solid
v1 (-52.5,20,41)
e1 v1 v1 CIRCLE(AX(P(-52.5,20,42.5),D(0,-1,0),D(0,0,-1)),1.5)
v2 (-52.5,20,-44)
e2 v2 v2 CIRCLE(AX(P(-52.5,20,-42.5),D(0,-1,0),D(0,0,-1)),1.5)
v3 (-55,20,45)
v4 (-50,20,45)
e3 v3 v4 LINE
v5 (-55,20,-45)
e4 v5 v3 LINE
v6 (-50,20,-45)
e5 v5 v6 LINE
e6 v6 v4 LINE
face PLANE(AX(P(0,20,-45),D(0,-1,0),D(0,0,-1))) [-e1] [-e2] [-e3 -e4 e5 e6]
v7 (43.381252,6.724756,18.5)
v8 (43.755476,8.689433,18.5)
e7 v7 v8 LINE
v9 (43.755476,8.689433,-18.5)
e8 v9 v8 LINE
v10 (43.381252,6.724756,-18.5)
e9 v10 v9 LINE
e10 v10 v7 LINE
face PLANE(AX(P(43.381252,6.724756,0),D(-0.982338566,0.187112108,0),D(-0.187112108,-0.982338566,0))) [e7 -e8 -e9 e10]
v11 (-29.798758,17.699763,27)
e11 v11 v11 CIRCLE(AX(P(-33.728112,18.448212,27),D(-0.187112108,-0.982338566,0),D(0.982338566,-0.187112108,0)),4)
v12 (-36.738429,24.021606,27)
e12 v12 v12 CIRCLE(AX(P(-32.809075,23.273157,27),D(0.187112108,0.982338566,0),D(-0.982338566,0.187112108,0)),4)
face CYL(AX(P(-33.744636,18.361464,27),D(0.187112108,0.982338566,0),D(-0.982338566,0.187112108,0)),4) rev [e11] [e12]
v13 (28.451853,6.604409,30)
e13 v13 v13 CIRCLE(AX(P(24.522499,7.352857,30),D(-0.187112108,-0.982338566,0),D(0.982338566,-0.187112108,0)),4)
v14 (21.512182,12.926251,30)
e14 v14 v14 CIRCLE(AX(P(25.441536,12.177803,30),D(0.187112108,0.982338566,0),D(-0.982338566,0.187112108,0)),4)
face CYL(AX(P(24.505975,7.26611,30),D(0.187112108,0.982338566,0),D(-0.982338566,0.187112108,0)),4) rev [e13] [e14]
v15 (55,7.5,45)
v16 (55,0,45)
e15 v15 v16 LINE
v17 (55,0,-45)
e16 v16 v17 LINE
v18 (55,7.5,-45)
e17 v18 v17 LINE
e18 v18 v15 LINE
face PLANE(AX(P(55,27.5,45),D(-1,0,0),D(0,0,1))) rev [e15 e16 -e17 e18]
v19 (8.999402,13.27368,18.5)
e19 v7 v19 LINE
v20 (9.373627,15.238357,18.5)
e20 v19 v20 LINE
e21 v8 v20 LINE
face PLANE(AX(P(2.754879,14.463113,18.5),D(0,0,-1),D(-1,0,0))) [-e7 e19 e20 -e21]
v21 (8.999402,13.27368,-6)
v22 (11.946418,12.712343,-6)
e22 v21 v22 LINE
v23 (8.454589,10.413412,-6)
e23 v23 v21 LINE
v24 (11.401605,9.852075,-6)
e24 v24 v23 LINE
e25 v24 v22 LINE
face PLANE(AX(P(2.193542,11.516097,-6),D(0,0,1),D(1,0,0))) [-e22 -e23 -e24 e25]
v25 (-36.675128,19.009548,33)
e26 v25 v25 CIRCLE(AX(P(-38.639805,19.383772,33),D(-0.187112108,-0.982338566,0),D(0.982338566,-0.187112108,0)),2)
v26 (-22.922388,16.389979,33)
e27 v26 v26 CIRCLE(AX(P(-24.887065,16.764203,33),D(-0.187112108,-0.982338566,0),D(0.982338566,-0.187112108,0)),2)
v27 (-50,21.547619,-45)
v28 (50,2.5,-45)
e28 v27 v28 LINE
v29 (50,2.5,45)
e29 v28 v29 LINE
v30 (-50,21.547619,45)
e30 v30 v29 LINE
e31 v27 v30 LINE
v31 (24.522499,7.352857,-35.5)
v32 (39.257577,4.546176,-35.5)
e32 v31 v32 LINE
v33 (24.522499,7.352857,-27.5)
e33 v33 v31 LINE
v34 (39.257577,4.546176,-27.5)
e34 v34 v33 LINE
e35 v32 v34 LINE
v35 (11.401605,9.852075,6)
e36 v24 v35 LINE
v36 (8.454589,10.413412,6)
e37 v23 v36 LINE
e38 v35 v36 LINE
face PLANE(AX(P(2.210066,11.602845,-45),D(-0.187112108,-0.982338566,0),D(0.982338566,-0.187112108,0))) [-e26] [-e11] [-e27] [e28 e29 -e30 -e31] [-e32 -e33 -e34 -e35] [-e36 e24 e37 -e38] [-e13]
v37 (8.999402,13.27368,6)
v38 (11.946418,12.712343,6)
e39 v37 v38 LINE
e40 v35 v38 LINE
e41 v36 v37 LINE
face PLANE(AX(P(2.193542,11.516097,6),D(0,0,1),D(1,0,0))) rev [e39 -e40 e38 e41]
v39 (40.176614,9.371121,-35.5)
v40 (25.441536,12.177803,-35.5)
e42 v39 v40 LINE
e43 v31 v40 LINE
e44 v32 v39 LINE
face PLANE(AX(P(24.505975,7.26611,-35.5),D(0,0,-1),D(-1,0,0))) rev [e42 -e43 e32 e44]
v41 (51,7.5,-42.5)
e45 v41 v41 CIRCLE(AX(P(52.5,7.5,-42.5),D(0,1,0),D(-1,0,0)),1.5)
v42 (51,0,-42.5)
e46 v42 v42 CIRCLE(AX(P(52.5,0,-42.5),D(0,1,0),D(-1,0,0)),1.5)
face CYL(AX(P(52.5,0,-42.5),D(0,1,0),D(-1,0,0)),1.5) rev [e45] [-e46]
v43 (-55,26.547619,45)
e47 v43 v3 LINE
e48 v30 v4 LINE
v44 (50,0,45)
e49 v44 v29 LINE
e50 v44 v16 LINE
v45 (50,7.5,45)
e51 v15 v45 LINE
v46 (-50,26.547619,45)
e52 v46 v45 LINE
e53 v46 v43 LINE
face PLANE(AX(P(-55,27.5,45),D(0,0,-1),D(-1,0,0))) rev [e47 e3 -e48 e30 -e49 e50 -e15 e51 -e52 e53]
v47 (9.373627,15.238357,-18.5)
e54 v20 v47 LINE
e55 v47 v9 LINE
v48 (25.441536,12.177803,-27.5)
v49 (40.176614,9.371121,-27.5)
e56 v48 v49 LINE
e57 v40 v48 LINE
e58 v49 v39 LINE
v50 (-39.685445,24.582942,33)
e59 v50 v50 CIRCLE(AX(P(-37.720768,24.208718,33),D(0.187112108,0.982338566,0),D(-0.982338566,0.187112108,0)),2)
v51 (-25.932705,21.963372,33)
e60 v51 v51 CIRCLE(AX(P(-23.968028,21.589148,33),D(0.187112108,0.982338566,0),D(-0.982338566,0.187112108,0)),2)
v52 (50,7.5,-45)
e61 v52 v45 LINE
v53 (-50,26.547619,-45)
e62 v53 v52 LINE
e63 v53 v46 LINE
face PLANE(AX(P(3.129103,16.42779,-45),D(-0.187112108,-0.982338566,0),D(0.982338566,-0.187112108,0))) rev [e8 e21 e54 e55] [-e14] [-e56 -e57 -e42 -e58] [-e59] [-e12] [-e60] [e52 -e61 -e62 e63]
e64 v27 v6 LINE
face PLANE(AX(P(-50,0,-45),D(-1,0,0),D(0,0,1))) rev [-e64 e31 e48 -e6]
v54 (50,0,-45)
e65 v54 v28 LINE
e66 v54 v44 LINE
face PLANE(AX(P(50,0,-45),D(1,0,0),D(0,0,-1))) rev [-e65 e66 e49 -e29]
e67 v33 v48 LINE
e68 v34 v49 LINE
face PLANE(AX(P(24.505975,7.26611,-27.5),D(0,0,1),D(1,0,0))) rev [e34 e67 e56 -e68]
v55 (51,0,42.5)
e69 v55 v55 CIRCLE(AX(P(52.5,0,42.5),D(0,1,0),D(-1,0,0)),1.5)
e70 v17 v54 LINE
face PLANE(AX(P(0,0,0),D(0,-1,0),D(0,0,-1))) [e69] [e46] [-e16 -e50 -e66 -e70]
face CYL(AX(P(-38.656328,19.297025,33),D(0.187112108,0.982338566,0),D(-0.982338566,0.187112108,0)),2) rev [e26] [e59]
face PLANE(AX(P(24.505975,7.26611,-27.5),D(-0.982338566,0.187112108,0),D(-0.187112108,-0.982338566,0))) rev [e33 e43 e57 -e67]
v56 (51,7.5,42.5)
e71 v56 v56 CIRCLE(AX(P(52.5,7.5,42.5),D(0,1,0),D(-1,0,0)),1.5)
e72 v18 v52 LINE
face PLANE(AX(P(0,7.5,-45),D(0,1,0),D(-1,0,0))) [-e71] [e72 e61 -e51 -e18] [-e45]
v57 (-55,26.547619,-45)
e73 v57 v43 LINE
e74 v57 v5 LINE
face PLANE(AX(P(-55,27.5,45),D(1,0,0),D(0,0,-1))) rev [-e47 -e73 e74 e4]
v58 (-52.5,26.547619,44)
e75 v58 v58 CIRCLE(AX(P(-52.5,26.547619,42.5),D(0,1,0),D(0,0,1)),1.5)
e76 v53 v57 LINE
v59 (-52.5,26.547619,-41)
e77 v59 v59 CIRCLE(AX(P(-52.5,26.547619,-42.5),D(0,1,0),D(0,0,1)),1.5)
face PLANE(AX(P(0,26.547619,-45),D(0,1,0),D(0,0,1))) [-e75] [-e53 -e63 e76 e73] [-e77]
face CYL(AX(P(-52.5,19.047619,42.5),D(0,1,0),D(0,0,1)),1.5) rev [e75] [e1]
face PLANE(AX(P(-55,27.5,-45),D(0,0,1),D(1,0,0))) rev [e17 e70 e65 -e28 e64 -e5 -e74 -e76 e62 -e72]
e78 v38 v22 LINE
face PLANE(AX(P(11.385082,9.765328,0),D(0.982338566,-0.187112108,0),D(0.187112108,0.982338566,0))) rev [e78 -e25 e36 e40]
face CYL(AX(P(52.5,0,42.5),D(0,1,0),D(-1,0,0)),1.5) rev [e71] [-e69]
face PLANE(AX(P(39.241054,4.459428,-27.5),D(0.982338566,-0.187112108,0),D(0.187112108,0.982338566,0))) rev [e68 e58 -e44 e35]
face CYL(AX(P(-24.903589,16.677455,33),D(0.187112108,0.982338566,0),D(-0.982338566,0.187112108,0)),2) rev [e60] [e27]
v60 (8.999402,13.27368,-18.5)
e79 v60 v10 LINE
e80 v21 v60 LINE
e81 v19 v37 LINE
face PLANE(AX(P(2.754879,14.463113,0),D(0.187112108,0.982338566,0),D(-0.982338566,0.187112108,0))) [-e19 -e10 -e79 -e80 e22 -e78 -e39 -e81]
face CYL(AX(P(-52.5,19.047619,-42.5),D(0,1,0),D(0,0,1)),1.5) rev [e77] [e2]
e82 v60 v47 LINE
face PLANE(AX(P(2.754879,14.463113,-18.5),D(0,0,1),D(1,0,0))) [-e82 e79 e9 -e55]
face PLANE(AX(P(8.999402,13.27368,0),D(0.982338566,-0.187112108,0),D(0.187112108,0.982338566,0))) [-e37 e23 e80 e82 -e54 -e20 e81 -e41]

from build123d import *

# Parameters (mm, degrees)
SKETCH1_W           = 110
SKETCH1_H           = 90
BOSS_EXTRUDE2_DEPTH = 27.5
CUT_EXTRUDE5_DEPTH  = 90
SKETCH5_R           = 1.5
CUT_EXTRUDE7_DEPTH  = 7.5
SKETCH7_R           = 1.5
CUT_EXTRUDE9_DEPTH  = 7.5
SKETCH9_R           = 1.5
CUT_EXTRUDE11_DEPTH = 7.5
SKETCH12_R          = 1.5
CUT_EXTRUDE14_DEPTH = 7.5
CUT_EXTRUDE22_DEPTH = 2
SKETCH18_5_W        = 3
SKETCH18_5_H        = 12
CUT_EXTRUDE23_DEPTH = 5
SKETCH23_R          = 2
SKETCH23_R_2        = 4
CUT_EXTRUDE24_DEPTH = 5
SKETCH24_R          = 4
CUT_EXTRUDE25_DEPTH = 5
SKETCH25_W          = 15
SKETCH25_H          = 8
CUT_EXTRUDE26_DEPTH = 5


with BuildPart() as part:
    # Sketch1 → Boss-Extrude2 (new body)
    with BuildSketch(Plane(origin=(0, 0, 0), x_dir=(1, 0, 0), z_dir=(0, 1, 0))):
        Rectangle(SKETCH1_W, SKETCH1_H)
    extrude(amount=BOSS_EXTRUDE2_DEPTH)

    # Sketch4 → Cut-Extrude5 (cut)
    with BuildSketch(Plane.XY.offset(45)):
        Polygon((-55, 27.5), (-55, 26.547619048), (-50, 26.547619048), (50, 7.5), (55, 7.5), (55, 27.5), align=None)
        Polygon((50, 2.5), (-50, 21.547619048), (-50, 20), (-55, 20), (-55, 0), (50, 0), align=None)
    extrude(amount=-CUT_EXTRUDE5_DEPTH, mode=Mode.SUBTRACT)

    # Sketch5 → Cut-Extrude7 (cut)
    with BuildSketch(Plane(origin=(0, 7.5, 0), x_dir=(1, 0, 0), z_dir=(0, 1, 0))):
        with Locations((52.5, 42.5)):
            Circle(SKETCH5_R)
    extrude(amount=-CUT_EXTRUDE7_DEPTH, mode=Mode.SUBTRACT)

    # Sketch7 → Cut-Extrude9 (cut)
    with BuildSketch(Plane(origin=(0, 7.5, 0), x_dir=(1, 0, 0), z_dir=(0, 1, 0))):
        with Locations((52.5, -42.5)):
            Circle(SKETCH7_R)
    extrude(amount=-CUT_EXTRUDE9_DEPTH, mode=Mode.SUBTRACT)

    # Sketch9 → Cut-Extrude11 (cut)
    with BuildSketch(Plane(origin=(0, 26.547619048, 0), x_dir=(1, 0, 0), z_dir=(0, 1, 0))):
        with Locations((-52.5, 42.5)):
            Circle(SKETCH9_R)
    extrude(amount=-CUT_EXTRUDE11_DEPTH, mode=Mode.SUBTRACT)

    # Sketch12 → Cut-Extrude14 (cut)
    with BuildSketch(Plane(origin=(0, 26.547619048, 0), x_dir=(1, 0, 0), z_dir=(0, 1, 0))):
        with Locations((-52.5, -42.5)):
            Circle(SKETCH12_R)
    extrude(amount=-CUT_EXTRUDE14_DEPTH, mode=Mode.SUBTRACT)

    # Sketch18 → Cut-Extrude22 (cut)
    with BuildSketch(Plane(origin=(3.129102845, 16.427789934, 0), x_dir=(0.9823385664224747, -0.18711210788999524, 0), z_dir=(0.18711210788999524, 0.9823385664224747, 0))):
        Polygon((9.356793756, -6), (6.356793756, -6), (6.356793756, -18.5), (41.356793756, -18.5), (41.356793756, 18.5), (6.356793756, 18.5), (6.356793756, 6), (9.356793756, 6), align=None)
    extrude(amount=-CUT_EXTRUDE22_DEPTH, mode=Mode.SUBTRACT)

    # Sketch18<5> → Cut-Extrude23 (cut)
    with BuildSketch(Plane(origin=(3.129102845, 16.427789934, 0), x_dir=(0.9823385664224747, -0.18711210788999524, 0), z_dir=(0.18711210788999524, 0.9823385664224747, 0))):
        with Locations((7.856793756, 0)):
            Rectangle(SKETCH18_5_W, SKETCH18_5_H)
    extrude(amount=-CUT_EXTRUDE23_DEPTH, mode=Mode.SUBTRACT)

    # Sketch23 → Cut-Extrude24 (cut)
    with BuildSketch(Plane(origin=(3.129102845, 16.427789934, 0), x_dir=(0.9823385664224747, -0.18711210788999524, 0), z_dir=(0.18711210788999524, 0.9823385664224747, 0))):
        with Locations((-41.584309281, -33)):
            Circle(SKETCH23_R)
        with Locations((-27.584309281, -33)):
            Circle(SKETCH23_R)
        with Locations((-36.584309281, -27)):
            Circle(SKETCH23_R_2)
    extrude(amount=-CUT_EXTRUDE24_DEPTH, mode=Mode.SUBTRACT)

    # Sketch24 → Cut-Extrude25 (cut)
    with BuildSketch(Plane(origin=(3.129102845, 16.427789934, 0), x_dir=(0.9823385664224747, -0.18711210788999524, 0), z_dir=(0.18711210788999524, 0.9823385664224747, 0))):
        with Locations((22.713587512, -30)):
            Circle(SKETCH24_R)
    extrude(amount=-CUT_EXTRUDE25_DEPTH, mode=Mode.SUBTRACT)

    # Sketch25 → Cut-Extrude26 (cut)
    with BuildSketch(Plane(origin=(3.129102845, 16.427789934, 0), x_dir=(0.9823385664224747, -0.18711210788999524, 0), z_dir=(0.18711210788999524, 0.9823385664224747, 0))):
        with Locations((30.213587512, 31.5)):
            Rectangle(SKETCH25_W, SKETCH25_H)
    extrude(amount=-CUT_EXTRUDE26_DEPTH, mode=Mode.SUBTRACT)


solid = part.part
